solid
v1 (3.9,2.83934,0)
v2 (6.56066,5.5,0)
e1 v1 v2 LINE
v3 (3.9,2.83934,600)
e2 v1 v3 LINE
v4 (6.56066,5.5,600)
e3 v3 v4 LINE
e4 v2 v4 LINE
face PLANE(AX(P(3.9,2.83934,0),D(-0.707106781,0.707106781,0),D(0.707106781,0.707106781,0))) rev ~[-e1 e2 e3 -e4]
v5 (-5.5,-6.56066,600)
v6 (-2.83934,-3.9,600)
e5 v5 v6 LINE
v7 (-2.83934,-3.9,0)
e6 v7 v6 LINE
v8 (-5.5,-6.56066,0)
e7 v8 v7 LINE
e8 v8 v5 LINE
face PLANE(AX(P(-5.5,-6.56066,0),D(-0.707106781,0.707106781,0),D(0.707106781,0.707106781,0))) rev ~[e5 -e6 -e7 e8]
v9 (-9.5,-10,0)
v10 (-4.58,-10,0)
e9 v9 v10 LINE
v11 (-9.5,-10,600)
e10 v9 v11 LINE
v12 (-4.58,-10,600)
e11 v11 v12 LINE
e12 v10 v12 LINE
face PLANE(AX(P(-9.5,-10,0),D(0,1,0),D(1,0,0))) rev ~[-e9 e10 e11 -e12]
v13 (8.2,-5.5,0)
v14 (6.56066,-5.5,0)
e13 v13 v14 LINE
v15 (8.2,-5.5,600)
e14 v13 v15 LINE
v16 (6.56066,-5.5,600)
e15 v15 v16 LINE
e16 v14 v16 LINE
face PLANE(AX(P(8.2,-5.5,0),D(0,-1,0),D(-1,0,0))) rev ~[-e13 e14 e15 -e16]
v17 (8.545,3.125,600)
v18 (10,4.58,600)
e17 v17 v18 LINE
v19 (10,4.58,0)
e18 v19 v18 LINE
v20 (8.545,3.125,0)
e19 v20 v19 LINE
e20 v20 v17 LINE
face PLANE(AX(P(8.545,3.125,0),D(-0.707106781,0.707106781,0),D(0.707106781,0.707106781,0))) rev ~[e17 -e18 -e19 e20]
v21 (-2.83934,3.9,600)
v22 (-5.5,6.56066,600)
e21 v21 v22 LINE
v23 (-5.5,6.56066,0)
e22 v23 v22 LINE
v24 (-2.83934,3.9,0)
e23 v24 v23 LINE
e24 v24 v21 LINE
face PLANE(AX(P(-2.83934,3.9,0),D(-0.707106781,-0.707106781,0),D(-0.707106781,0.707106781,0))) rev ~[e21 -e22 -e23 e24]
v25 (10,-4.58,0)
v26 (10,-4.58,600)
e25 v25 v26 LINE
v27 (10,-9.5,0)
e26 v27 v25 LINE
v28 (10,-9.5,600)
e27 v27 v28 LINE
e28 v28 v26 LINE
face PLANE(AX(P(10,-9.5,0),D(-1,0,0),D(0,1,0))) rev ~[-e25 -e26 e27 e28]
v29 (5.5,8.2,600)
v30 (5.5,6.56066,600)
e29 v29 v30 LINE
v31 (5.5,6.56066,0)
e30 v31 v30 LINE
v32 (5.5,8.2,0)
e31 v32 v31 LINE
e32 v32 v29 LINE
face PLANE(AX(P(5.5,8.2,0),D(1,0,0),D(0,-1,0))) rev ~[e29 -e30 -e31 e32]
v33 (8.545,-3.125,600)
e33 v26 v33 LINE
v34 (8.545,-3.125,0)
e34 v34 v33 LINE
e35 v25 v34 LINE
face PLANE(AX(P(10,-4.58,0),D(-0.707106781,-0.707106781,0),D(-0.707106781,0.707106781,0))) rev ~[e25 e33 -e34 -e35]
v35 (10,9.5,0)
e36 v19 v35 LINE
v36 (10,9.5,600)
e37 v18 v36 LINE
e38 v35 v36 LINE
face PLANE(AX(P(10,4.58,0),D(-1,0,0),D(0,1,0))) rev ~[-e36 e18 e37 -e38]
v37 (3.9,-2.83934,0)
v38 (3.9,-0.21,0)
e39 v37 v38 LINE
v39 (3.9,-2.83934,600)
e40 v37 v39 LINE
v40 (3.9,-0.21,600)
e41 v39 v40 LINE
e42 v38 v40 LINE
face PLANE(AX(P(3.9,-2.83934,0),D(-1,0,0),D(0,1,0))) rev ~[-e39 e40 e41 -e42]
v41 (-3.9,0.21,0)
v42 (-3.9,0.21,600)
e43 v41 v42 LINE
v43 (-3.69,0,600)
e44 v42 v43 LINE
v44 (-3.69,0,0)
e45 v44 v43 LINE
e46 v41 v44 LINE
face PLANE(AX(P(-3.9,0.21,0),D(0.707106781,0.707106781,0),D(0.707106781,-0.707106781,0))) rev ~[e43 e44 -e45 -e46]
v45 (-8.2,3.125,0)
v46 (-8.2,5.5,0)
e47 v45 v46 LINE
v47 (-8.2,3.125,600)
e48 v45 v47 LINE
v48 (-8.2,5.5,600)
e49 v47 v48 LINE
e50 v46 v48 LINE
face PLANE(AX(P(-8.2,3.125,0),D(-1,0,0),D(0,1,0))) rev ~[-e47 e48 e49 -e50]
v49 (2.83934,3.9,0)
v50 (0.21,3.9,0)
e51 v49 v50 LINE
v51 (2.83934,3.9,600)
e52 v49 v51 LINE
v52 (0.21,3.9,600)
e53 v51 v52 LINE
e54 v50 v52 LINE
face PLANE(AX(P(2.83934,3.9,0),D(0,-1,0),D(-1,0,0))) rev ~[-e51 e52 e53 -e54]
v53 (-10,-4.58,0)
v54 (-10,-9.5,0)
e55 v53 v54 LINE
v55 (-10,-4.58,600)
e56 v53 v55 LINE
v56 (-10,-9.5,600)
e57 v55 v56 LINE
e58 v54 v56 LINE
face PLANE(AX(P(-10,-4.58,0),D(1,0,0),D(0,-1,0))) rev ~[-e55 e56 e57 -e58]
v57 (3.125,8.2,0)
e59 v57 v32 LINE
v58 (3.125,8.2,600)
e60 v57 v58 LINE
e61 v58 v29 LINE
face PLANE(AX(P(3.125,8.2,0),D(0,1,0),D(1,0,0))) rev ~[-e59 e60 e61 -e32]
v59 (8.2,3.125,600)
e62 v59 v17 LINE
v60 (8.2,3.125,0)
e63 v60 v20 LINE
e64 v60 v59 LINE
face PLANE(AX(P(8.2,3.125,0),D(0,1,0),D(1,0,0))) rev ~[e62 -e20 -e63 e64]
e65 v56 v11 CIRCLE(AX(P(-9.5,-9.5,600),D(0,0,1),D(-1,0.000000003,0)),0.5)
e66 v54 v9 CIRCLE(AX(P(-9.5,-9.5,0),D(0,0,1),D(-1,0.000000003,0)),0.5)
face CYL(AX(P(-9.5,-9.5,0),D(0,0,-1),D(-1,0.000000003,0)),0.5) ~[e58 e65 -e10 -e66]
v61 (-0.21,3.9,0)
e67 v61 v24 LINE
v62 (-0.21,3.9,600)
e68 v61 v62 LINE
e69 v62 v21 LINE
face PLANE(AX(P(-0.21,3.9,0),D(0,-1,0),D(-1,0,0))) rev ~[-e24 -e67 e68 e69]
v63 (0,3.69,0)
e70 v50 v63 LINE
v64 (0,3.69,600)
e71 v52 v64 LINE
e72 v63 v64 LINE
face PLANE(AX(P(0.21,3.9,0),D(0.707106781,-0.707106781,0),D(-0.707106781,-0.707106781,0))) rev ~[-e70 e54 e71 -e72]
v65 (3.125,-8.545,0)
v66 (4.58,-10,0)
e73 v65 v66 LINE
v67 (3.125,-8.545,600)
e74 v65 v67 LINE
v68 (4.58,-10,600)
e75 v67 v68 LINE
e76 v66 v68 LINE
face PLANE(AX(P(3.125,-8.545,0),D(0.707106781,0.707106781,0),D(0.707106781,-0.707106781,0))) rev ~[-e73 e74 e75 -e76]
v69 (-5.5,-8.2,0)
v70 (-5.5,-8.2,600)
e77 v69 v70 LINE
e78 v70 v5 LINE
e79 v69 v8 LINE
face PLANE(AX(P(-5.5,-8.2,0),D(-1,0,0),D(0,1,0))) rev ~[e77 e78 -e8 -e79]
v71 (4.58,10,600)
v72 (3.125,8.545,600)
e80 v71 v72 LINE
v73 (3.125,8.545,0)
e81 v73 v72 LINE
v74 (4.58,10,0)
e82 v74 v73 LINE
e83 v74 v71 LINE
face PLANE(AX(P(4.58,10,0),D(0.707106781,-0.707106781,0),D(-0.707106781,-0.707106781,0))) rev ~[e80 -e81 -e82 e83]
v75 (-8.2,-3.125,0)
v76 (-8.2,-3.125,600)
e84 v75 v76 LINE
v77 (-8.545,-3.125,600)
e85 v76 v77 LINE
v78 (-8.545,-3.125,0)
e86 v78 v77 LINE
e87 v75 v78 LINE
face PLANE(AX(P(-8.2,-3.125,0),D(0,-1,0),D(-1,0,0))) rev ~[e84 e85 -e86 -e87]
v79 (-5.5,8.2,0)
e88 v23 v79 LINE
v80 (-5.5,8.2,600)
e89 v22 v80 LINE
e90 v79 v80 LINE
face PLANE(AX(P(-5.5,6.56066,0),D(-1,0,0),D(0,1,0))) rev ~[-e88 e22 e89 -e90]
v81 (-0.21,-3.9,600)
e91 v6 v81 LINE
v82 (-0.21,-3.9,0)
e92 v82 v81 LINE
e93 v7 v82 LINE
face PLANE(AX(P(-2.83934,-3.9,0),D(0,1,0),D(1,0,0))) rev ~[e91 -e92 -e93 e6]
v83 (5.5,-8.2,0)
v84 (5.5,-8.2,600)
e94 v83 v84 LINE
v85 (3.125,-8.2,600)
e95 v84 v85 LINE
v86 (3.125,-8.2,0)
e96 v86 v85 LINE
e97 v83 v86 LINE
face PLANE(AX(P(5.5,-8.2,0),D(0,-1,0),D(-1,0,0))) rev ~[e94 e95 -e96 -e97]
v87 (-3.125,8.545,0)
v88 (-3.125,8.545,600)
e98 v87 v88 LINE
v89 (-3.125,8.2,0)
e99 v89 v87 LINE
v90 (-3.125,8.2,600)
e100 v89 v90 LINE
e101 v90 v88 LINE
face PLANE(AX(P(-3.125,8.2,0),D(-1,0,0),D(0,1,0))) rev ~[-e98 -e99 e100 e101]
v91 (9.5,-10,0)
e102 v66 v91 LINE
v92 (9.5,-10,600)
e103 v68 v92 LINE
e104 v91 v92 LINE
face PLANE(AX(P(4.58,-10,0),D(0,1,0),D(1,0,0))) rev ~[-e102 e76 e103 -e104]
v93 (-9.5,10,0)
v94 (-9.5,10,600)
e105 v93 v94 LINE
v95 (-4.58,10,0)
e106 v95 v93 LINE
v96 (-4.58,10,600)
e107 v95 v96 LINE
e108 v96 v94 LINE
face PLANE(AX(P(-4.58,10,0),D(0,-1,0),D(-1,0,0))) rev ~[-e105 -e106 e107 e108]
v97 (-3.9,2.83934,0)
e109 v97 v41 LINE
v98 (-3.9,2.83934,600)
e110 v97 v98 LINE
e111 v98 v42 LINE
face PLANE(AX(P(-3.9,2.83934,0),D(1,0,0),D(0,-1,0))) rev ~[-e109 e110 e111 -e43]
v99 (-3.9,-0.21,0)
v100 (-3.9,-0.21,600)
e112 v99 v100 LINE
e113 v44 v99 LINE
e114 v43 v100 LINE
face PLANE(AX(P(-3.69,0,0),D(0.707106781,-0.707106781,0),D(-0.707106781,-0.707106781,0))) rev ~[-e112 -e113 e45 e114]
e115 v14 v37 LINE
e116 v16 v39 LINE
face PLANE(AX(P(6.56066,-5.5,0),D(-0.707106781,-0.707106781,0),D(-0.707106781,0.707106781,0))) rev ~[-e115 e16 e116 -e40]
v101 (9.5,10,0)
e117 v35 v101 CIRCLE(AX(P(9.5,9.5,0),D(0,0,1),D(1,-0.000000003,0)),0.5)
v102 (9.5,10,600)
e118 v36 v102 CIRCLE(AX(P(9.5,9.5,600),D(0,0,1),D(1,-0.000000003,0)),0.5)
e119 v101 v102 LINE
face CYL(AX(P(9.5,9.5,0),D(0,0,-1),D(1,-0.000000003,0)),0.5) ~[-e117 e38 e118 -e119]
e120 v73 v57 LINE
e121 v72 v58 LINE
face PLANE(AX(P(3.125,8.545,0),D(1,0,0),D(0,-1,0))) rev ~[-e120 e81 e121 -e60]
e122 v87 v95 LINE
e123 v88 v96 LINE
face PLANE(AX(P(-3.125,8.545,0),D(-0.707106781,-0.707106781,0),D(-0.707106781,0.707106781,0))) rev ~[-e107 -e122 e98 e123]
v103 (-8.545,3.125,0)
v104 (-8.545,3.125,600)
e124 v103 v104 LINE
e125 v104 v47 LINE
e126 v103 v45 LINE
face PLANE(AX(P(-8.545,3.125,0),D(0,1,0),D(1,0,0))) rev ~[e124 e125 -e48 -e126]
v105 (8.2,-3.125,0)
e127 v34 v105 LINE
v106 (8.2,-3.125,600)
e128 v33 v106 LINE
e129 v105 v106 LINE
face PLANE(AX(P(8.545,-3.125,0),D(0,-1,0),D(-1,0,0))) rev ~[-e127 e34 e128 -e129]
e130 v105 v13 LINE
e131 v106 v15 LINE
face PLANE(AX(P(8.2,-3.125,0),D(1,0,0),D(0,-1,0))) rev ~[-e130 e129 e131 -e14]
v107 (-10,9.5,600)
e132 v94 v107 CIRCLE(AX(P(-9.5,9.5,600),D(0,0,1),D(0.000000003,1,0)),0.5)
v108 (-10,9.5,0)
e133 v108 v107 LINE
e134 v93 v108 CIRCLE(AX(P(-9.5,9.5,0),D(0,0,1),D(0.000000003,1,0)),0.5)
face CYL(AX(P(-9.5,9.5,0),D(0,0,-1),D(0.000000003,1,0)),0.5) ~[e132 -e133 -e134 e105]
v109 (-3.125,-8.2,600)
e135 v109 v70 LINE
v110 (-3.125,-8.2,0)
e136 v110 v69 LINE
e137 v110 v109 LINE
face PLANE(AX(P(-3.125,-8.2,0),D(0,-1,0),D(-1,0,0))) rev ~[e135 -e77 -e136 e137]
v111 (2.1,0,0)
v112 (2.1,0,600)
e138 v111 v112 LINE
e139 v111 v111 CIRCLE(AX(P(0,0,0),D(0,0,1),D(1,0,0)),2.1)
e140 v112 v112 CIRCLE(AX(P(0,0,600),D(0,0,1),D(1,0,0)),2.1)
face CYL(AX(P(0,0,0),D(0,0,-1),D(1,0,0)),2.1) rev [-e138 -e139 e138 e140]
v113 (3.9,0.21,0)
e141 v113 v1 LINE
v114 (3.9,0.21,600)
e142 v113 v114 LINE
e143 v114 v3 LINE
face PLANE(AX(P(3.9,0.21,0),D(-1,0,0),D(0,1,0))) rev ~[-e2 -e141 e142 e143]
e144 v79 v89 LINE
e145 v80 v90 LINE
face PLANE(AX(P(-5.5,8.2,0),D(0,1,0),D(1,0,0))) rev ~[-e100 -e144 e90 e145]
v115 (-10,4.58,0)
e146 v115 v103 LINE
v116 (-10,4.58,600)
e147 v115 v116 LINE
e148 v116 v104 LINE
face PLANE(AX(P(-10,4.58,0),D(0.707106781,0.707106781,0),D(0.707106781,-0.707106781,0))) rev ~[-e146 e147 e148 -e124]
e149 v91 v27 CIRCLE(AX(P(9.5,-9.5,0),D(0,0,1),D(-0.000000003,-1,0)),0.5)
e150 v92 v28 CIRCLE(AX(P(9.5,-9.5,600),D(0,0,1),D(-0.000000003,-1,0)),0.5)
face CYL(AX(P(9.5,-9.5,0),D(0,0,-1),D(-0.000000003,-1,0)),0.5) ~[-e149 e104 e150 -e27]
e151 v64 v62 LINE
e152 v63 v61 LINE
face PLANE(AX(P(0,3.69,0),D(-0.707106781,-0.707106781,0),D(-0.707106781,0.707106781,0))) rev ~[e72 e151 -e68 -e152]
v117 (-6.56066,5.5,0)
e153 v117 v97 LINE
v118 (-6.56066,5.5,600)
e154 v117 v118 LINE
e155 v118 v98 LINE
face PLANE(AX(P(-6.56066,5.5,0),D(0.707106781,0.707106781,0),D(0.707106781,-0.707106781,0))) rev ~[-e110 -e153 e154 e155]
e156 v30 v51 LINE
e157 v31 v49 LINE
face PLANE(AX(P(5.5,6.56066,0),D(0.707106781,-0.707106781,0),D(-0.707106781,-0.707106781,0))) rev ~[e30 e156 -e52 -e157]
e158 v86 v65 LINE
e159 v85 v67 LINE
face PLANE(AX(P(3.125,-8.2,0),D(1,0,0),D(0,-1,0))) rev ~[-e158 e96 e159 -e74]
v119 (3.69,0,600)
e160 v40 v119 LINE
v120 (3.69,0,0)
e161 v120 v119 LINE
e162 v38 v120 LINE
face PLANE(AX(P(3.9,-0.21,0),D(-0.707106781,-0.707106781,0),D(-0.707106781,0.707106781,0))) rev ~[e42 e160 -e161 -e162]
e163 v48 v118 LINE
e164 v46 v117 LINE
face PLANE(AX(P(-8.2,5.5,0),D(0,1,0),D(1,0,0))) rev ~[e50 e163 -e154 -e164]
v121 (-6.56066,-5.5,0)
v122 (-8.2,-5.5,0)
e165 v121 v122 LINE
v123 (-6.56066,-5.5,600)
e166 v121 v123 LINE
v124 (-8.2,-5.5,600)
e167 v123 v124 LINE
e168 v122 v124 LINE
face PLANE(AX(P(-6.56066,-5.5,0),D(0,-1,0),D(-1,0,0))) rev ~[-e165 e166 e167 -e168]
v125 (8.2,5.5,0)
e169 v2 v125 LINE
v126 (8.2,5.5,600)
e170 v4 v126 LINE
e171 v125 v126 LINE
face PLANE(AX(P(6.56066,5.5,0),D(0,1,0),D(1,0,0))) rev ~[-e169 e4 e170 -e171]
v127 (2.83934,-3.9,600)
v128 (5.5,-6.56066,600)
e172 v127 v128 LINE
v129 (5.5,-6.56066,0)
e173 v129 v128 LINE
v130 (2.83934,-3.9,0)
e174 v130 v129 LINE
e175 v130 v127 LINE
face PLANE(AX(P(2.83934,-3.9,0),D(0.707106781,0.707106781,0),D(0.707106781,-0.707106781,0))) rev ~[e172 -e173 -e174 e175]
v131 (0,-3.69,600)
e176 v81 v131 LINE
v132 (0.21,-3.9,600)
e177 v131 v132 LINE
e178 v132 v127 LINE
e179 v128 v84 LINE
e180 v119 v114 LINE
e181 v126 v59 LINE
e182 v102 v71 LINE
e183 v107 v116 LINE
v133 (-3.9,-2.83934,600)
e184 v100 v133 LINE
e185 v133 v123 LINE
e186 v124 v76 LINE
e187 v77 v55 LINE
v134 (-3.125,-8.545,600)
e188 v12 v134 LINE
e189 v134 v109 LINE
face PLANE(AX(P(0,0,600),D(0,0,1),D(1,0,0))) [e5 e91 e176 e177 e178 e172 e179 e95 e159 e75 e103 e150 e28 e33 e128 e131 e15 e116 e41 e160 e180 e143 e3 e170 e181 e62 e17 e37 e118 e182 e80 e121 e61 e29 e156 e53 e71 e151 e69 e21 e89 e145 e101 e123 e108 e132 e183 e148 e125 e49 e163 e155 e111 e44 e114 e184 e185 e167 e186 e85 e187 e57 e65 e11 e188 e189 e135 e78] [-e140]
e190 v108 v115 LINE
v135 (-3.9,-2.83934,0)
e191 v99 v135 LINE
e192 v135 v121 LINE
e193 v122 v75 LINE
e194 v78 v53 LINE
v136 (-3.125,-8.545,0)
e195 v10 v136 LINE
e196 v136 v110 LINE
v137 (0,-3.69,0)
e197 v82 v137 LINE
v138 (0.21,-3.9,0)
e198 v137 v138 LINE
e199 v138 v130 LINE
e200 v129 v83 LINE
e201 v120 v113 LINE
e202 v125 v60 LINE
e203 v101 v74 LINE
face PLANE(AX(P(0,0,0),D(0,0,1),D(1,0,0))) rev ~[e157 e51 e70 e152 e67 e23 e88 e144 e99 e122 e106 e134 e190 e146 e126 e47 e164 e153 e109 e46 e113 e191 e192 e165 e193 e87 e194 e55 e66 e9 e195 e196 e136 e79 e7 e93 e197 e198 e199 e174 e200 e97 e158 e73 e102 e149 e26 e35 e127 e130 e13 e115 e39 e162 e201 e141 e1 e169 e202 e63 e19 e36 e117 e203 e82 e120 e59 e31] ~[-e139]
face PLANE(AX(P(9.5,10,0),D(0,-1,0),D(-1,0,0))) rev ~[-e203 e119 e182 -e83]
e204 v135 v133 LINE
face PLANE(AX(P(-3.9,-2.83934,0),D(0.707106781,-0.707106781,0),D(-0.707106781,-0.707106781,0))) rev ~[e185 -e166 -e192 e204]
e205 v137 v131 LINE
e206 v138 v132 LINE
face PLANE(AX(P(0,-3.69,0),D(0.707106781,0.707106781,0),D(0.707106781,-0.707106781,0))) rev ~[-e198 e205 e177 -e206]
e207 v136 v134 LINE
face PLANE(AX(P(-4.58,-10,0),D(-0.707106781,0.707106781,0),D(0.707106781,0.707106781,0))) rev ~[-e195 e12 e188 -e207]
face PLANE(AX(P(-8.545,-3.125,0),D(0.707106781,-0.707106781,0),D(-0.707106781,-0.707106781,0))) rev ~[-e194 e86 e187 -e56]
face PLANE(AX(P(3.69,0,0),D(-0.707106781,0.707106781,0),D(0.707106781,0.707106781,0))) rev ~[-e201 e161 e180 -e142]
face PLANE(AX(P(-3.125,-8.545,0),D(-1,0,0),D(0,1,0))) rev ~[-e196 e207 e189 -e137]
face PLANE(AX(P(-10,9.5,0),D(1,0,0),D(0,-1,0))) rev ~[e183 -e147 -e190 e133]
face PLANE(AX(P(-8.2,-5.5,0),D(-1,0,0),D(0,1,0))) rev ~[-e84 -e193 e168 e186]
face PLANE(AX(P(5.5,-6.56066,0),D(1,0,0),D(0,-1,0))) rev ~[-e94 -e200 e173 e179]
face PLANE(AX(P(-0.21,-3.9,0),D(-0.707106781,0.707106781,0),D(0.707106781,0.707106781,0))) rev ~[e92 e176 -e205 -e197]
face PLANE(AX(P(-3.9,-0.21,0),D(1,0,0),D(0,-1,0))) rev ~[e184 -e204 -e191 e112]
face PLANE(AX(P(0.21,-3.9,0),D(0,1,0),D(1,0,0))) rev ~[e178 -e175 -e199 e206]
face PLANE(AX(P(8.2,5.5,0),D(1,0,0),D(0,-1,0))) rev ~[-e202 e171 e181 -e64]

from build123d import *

# Parameters (mm, degrees)
SKETCH1_R           = 2.1
BOSS_EXTRUDE1_DEPTH = 600


with BuildPart() as part:
    # Sketch1 → Boss-Extrude1 (new body)
    with BuildSketch(Plane.XY):
        with BuildLine():
            Line((4.58, -10), (9.5, -10))
            ThreePointArc((9.5, -10), (9.853553391, -9.853553391), (10, -9.5))
            Line((10, -9.5), (10, -4.58))
            Line((10, -4.58), (8.545, -3.125))
            Line((8.545, -3.125), (8.2, -3.125))
            Line((8.2, -3.125), (8.2, -5.5))
            Line((8.2, -5.5), (6.560660172, -5.5))
            Line((6.560660172, -5.5), (3.9, -2.839339828))
            Line((3.9, -2.839339828), (3.9, -0.21))
            Line((3.9, -0.21), (3.69, 0))
            Line((3.69, 0), (3.9, 0.21))
            Line((3.9, 0.21), (3.9, 2.839339828))
            Line((3.9, 2.839339828), (6.560660172, 5.5))
            Line((6.560660172, 5.5), (8.2, 5.5))
            Line((8.2, 5.5), (8.2, 3.125))
            Line((8.2, 3.125), (8.545, 3.125))
            Line((8.545, 3.125), (10, 4.58))
            Line((10, 4.58), (10, 9.5))
            ThreePointArc((10, 9.5), (9.853553391, 9.853553391), (9.5, 10))
            Line((9.5, 10), (4.58, 10))
            Line((4.58, 10), (3.125, 8.545))
            Line((3.125, 8.545), (3.125, 8.2))
            Line((3.125, 8.2), (5.5, 8.2))
            Line((5.5, 8.2), (5.5, 6.560660172))
            Line((5.5, 6.560660172), (2.839339828, 3.9))
            Line((2.839339828, 3.9), (0.21, 3.9))
            Line((0.21, 3.9), (0, 3.69))
            Line((0, 3.69), (-0.21, 3.9))
            Line((-0.21, 3.9), (-2.839339828, 3.9))
            Line((-2.839339828, 3.9), (-5.5, 6.560660172))
            Line((-5.5, 6.560660172), (-5.5, 8.2))
            Line((-5.5, 8.2), (-3.125, 8.2))
            Line((-3.125, 8.2), (-3.125, 8.545))
            Line((-3.125, 8.545), (-4.58, 10))
            Line((-4.58, 10), (-9.5, 10))
            ThreePointArc((-9.5, 10), (-9.853553391, 9.853553391), (-10, 9.5))
            Line((-10, 9.5), (-10, 4.58))
            Line((-10, 4.58), (-8.545, 3.125))
            Line((-8.545, 3.125), (-8.2, 3.125))
            Line((-8.2, 3.125), (-8.2, 5.5))
            Line((-8.2, 5.5), (-6.560660172, 5.5))
            Line((-6.560660172, 5.5), (-3.9, 2.839339828))
            Line((-3.9, 2.839339828), (-3.9, 0.21))
            Line((-3.9, 0.21), (-3.69, 0))
            Line((-3.69, 0), (-3.9, -0.21))
            Line((-3.9, -0.21), (-3.9, -2.839339828))
            Line((-3.9, -2.839339828), (-6.560660172, -5.5))
            Line((-6.560660172, -5.5), (-8.2, -5.5))
            Line((-8.2, -5.5), (-8.2, -3.125))
            Line((-8.2, -3.125), (-8.545, -3.125))
            Line((-8.545, -3.125), (-10, -4.58))
            Line((-10, -4.58), (-10, -9.5))
            ThreePointArc((-10, -9.5), (-9.853553391, -9.853553391), (-9.5, -10))
            Line((-9.5, -10), (-4.58, -10))
            Line((-4.58, -10), (-3.125, -8.545))
            Line((-3.125, -8.545), (-3.125, -8.2))
            Line((-3.125, -8.2), (-5.5, -8.2))
            Line((-5.5, -8.2), (-5.5, -6.560660172))
            Line((-5.5, -6.560660172), (-2.839339828, -3.9))
            Line((-2.839339828, -3.9), (-0.21, -3.9))
            Line((-0.21, -3.9), (0, -3.69))
            Line((0, -3.69), (0.21, -3.9))
            Line((0.21, -3.9), (2.839339828, -3.9))
            Line((2.839339828, -3.9), (5.5, -6.560660172))
            Line((5.5, -6.560660172), (5.5, -8.2))
            Line((5.5, -8.2), (3.125, -8.2))
            Line((3.125, -8.2), (3.125, -8.545))
            Line((3.125, -8.545), (4.58, -10))
        make_face()
        Circle(SKETCH1_R, mode=Mode.SUBTRACT)
    extrude(amount=BOSS_EXTRUDE1_DEPTH)


solid = part.part
